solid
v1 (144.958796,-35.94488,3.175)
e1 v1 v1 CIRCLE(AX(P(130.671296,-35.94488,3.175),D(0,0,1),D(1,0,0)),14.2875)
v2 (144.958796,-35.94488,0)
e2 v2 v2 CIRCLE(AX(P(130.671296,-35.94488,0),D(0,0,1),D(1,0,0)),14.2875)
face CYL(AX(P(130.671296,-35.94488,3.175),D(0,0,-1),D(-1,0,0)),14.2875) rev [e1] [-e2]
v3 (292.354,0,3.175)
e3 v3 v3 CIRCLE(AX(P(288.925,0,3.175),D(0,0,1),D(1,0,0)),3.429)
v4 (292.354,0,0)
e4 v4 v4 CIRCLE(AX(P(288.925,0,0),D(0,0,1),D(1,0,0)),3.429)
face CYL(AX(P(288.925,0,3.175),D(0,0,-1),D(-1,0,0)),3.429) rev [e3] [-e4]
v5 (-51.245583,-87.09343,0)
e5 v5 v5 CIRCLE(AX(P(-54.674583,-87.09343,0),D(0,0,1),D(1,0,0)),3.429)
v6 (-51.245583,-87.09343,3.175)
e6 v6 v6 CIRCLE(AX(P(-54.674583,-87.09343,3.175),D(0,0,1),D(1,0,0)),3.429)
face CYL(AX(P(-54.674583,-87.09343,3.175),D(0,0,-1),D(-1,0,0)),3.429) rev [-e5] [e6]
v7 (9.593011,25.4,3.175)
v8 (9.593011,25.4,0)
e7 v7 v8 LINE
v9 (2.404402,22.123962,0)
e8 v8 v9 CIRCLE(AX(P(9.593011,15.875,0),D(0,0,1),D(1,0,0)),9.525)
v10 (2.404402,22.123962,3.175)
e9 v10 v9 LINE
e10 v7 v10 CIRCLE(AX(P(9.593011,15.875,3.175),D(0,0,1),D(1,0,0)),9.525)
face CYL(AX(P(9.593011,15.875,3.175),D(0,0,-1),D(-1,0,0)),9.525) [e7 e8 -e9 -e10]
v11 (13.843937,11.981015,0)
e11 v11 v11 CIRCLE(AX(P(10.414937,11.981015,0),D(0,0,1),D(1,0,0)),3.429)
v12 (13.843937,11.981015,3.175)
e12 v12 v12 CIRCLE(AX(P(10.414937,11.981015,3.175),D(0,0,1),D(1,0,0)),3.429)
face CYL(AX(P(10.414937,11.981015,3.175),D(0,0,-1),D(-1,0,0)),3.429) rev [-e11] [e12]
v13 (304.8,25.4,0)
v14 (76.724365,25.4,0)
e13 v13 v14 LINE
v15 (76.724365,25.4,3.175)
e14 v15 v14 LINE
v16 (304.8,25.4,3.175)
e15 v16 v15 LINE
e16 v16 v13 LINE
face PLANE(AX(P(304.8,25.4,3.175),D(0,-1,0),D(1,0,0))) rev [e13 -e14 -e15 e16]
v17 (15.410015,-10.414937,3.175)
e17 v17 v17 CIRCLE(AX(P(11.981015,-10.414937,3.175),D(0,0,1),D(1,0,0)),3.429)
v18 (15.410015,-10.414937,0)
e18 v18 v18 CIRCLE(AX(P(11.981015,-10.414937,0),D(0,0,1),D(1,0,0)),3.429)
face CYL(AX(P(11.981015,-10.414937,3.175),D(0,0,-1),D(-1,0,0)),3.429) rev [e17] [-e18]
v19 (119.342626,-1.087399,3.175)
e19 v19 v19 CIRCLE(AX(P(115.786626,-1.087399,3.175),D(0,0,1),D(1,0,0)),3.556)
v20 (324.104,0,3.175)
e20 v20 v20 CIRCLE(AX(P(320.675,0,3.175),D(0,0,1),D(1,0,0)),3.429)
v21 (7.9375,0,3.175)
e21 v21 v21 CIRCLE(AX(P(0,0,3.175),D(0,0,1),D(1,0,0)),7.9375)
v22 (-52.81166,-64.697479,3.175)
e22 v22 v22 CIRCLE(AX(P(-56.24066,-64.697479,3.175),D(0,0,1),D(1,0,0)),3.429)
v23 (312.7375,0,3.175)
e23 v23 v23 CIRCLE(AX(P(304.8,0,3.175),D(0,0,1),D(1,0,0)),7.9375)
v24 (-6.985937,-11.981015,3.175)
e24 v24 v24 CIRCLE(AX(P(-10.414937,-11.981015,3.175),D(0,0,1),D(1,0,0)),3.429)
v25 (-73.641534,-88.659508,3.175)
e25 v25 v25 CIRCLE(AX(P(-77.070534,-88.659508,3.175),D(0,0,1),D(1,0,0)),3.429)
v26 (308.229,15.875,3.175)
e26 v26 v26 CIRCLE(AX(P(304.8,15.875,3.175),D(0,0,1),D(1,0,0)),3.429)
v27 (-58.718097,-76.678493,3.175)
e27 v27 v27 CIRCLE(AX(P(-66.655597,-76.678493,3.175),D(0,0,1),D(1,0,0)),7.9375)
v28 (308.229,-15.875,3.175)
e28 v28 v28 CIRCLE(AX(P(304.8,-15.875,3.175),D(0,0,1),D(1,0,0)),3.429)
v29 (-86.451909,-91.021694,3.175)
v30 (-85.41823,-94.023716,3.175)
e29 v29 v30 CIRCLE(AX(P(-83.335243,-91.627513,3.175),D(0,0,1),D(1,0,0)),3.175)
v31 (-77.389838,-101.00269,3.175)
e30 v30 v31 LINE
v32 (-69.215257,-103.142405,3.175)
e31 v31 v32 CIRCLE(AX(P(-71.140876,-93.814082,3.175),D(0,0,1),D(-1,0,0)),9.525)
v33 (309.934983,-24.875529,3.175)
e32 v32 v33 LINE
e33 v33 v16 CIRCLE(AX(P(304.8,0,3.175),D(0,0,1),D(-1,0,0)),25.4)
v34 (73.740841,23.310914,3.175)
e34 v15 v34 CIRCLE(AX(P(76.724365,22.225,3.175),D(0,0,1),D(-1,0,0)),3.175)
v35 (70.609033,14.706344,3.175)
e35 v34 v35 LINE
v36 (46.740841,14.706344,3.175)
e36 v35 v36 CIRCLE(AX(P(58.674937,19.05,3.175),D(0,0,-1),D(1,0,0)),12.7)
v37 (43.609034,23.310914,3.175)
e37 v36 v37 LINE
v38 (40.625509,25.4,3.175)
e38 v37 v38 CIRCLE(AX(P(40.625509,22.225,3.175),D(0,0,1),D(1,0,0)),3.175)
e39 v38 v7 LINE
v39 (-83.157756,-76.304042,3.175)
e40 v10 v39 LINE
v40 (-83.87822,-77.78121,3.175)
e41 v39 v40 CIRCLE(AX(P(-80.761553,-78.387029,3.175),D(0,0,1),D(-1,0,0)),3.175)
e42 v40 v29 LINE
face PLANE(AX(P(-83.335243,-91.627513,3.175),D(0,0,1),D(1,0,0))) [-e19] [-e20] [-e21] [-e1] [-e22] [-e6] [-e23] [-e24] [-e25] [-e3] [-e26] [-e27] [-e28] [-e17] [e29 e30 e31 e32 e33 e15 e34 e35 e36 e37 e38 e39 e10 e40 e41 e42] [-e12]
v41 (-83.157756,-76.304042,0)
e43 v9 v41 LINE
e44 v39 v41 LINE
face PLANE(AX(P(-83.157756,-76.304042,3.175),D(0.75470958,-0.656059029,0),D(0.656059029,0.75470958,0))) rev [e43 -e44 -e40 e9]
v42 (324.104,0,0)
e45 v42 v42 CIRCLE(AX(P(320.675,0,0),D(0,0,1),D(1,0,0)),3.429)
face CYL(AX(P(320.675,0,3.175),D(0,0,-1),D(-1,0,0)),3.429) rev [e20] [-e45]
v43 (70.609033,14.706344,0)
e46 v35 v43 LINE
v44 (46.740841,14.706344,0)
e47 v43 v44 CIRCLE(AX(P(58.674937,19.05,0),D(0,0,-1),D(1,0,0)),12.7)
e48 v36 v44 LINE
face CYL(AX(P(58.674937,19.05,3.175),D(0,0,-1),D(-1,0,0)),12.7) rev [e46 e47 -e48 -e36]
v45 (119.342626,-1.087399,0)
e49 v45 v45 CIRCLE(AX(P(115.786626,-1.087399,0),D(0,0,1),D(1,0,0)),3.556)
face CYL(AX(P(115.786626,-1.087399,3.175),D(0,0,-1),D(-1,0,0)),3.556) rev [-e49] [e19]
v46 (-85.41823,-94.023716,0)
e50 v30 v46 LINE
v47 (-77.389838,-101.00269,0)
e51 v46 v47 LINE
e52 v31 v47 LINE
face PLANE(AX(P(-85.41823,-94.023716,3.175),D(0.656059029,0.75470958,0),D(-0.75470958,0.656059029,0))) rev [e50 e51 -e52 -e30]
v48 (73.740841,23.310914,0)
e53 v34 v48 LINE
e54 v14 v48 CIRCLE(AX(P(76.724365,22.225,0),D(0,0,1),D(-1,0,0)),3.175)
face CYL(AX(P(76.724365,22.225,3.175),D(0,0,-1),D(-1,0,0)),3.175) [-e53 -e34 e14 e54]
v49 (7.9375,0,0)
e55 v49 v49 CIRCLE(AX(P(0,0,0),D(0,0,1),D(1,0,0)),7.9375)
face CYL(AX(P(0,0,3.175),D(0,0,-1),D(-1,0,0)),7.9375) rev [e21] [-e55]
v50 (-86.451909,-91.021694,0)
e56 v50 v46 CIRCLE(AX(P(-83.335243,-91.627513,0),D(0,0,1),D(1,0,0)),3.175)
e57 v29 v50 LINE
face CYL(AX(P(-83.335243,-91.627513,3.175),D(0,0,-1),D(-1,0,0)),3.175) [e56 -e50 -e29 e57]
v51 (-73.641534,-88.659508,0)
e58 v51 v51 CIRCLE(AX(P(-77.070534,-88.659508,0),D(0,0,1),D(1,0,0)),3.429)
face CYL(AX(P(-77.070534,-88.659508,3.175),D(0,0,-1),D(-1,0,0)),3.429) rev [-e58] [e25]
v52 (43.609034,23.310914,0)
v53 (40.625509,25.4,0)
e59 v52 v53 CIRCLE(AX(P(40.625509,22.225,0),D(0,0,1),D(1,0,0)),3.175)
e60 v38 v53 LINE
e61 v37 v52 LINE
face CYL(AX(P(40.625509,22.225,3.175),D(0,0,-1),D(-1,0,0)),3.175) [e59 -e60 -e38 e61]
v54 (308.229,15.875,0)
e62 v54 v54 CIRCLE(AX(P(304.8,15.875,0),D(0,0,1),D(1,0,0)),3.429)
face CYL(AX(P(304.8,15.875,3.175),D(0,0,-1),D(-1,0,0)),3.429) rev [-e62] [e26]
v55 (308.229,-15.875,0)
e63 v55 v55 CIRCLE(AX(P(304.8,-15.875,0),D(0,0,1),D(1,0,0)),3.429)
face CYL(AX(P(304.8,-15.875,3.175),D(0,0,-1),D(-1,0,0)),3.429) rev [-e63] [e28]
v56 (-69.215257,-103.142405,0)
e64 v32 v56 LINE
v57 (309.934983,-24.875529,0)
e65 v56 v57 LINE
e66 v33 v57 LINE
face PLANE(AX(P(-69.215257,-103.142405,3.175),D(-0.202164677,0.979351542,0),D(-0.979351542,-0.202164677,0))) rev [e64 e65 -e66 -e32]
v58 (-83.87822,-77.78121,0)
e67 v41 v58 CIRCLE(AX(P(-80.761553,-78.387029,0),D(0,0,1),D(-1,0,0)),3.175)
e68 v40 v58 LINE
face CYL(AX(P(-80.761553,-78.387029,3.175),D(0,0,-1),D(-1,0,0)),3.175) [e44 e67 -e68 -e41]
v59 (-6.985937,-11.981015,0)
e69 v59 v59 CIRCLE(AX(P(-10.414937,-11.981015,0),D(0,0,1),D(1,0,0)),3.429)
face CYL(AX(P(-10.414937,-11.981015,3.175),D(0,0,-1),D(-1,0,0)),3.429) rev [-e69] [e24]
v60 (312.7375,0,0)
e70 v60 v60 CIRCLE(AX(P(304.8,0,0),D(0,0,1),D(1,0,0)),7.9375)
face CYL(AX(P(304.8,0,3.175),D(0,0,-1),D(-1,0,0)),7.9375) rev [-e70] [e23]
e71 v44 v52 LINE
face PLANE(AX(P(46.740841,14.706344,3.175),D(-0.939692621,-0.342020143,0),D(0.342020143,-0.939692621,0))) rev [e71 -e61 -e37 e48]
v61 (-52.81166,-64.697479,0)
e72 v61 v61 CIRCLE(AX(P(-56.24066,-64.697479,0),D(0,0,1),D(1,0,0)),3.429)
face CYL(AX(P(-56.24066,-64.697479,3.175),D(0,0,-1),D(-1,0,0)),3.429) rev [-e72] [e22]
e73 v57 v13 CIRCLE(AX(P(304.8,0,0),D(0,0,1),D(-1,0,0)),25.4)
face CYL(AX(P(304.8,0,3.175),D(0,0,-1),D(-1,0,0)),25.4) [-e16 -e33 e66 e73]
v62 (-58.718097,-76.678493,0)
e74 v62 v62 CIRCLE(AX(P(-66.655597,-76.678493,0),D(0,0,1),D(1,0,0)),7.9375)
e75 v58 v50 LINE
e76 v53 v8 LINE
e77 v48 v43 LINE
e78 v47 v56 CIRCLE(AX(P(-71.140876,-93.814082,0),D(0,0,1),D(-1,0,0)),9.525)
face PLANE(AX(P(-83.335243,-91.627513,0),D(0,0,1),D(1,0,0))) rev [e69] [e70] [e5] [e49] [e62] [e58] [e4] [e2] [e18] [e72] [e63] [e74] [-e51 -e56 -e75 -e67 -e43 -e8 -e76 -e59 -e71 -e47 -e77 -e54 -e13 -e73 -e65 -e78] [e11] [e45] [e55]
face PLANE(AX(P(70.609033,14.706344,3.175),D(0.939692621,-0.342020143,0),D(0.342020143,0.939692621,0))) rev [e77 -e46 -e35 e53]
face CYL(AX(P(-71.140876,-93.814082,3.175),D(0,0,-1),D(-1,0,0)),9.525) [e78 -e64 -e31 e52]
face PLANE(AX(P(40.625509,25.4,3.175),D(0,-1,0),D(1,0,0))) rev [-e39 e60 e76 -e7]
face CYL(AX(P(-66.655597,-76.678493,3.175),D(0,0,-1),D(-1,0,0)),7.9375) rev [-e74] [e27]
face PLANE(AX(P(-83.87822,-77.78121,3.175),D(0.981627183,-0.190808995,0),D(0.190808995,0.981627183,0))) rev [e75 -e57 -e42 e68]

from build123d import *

# Parameters (mm, degrees)
SKETCH1_R           = 7.9375
SKETCH1_R_2         = 3.429
SKETCH1_R_3         = 14.2875
SKETCH1_R_4         = 3.556
BOSS_EXTRUDE1_DEPTH = 3.175


with BuildPart() as part:
    # Sketch1 → Boss-Extrude1 (new body)
    with BuildSketch(Plane.XY):
        with BuildLine():
            Line((304.8, 25.4), (76.724364717, 25.4))
            ThreePointArc((76.724364717, 25.4), (74.903259532, 24.825807741), (73.740840646, 23.310913955))
            Line((73.740840646, 23.310913955), (70.609033369, 14.70634418))
            ThreePointArc((70.609033369, 14.70634418), (58.674937085, 6.35), (46.740840801, 14.70634418))
            Line((46.740840801, 14.70634418), (43.609033524, 23.310913955))
            ThreePointArc((43.609033524, 23.310913955), (42.446614639, 24.825807741), (40.625509453, 25.4))
            Line((40.625509453, 25.4), (9.593010709, 25.4))
            ThreePointArc((9.593010709, 25.4), (5.643057573, 24.542381105), (2.404401957, 22.123962251))
            Line((2.404401957, 22.123962251), (-83.157756356, -76.304041526))
            ThreePointArc((-83.157756356, -76.304041526), (-83.615224536, -76.995200552), (-83.878219746, -77.781210383))
            Line((-83.878219746, -77.781210383), (-86.451909051, -91.021694031))
            ThreePointArc((-86.451909051, -91.021694031), (-86.337264221, -92.661191482), (-85.418230161, -94.023715509))
            Line((-85.418230161, -94.023715509), (-77.389837916, -101.002690413))
            ThreePointArc((-77.389837916, -101.002690413), (-73.552808487, -103.028646494), (-69.21525712, -103.142405102))
            Line((-69.21525712, -103.142405102), (309.934982787, -24.875529176))
            ThreePointArc((309.934982787, -24.875529176), (330.068542113, 2.580848594), (304.8, 25.4))
        make_face()
        with Locations((304.8, 0)):
            Circle(SKETCH1_R, mode=Mode.SUBTRACT)
        Circle(SKETCH1_R, mode=Mode.SUBTRACT)
        with Locations((-66.655597345, -76.678493351)):
            Circle(SKETCH1_R, mode=Mode.SUBTRACT)
        with Locations((304.8, 15.875)):
            Circle(SKETCH1_R_2, mode=Mode.SUBTRACT)
        with Locations((320.675, 0)):
            Circle(SKETCH1_R_2, mode=Mode.SUBTRACT)
        with Locations((304.8, -15.875)):
            Circle(SKETCH1_R_2, mode=Mode.SUBTRACT)
        with Locations((288.925, 0)):
            Circle(SKETCH1_R_2, mode=Mode.SUBTRACT)
        with Locations((-56.24066026, -64.697478765)):
            Circle(SKETCH1_R_2, mode=Mode.SUBTRACT)
        with Locations((-54.674582759, -87.093430436)):
            Circle(SKETCH1_R_2, mode=Mode.SUBTRACT)
        with Locations((-77.070534431, -88.659507937)):
            Circle(SKETCH1_R_2, mode=Mode.SUBTRACT)
        with Locations((-10.414937085, -11.981014586)):
            Circle(SKETCH1_R_2, mode=Mode.SUBTRACT)
        with Locations((11.981014586, -10.414937085)):
            Circle(SKETCH1_R_2, mode=Mode.SUBTRACT)
        with Locations((10.414937085, 11.981014586)):
            Circle(SKETCH1_R_2, mode=Mode.SUBTRACT)
        with Locations((130.671295769, -35.944879509)):
            Circle(SKETCH1_R_3, mode=Mode.SUBTRACT)
        with Locations((115.786625943, -1.087398892)):
            Circle(SKETCH1_R_4, mode=Mode.SUBTRACT)
    extrude(amount=BOSS_EXTRUDE1_DEPTH)


solid = part.part
